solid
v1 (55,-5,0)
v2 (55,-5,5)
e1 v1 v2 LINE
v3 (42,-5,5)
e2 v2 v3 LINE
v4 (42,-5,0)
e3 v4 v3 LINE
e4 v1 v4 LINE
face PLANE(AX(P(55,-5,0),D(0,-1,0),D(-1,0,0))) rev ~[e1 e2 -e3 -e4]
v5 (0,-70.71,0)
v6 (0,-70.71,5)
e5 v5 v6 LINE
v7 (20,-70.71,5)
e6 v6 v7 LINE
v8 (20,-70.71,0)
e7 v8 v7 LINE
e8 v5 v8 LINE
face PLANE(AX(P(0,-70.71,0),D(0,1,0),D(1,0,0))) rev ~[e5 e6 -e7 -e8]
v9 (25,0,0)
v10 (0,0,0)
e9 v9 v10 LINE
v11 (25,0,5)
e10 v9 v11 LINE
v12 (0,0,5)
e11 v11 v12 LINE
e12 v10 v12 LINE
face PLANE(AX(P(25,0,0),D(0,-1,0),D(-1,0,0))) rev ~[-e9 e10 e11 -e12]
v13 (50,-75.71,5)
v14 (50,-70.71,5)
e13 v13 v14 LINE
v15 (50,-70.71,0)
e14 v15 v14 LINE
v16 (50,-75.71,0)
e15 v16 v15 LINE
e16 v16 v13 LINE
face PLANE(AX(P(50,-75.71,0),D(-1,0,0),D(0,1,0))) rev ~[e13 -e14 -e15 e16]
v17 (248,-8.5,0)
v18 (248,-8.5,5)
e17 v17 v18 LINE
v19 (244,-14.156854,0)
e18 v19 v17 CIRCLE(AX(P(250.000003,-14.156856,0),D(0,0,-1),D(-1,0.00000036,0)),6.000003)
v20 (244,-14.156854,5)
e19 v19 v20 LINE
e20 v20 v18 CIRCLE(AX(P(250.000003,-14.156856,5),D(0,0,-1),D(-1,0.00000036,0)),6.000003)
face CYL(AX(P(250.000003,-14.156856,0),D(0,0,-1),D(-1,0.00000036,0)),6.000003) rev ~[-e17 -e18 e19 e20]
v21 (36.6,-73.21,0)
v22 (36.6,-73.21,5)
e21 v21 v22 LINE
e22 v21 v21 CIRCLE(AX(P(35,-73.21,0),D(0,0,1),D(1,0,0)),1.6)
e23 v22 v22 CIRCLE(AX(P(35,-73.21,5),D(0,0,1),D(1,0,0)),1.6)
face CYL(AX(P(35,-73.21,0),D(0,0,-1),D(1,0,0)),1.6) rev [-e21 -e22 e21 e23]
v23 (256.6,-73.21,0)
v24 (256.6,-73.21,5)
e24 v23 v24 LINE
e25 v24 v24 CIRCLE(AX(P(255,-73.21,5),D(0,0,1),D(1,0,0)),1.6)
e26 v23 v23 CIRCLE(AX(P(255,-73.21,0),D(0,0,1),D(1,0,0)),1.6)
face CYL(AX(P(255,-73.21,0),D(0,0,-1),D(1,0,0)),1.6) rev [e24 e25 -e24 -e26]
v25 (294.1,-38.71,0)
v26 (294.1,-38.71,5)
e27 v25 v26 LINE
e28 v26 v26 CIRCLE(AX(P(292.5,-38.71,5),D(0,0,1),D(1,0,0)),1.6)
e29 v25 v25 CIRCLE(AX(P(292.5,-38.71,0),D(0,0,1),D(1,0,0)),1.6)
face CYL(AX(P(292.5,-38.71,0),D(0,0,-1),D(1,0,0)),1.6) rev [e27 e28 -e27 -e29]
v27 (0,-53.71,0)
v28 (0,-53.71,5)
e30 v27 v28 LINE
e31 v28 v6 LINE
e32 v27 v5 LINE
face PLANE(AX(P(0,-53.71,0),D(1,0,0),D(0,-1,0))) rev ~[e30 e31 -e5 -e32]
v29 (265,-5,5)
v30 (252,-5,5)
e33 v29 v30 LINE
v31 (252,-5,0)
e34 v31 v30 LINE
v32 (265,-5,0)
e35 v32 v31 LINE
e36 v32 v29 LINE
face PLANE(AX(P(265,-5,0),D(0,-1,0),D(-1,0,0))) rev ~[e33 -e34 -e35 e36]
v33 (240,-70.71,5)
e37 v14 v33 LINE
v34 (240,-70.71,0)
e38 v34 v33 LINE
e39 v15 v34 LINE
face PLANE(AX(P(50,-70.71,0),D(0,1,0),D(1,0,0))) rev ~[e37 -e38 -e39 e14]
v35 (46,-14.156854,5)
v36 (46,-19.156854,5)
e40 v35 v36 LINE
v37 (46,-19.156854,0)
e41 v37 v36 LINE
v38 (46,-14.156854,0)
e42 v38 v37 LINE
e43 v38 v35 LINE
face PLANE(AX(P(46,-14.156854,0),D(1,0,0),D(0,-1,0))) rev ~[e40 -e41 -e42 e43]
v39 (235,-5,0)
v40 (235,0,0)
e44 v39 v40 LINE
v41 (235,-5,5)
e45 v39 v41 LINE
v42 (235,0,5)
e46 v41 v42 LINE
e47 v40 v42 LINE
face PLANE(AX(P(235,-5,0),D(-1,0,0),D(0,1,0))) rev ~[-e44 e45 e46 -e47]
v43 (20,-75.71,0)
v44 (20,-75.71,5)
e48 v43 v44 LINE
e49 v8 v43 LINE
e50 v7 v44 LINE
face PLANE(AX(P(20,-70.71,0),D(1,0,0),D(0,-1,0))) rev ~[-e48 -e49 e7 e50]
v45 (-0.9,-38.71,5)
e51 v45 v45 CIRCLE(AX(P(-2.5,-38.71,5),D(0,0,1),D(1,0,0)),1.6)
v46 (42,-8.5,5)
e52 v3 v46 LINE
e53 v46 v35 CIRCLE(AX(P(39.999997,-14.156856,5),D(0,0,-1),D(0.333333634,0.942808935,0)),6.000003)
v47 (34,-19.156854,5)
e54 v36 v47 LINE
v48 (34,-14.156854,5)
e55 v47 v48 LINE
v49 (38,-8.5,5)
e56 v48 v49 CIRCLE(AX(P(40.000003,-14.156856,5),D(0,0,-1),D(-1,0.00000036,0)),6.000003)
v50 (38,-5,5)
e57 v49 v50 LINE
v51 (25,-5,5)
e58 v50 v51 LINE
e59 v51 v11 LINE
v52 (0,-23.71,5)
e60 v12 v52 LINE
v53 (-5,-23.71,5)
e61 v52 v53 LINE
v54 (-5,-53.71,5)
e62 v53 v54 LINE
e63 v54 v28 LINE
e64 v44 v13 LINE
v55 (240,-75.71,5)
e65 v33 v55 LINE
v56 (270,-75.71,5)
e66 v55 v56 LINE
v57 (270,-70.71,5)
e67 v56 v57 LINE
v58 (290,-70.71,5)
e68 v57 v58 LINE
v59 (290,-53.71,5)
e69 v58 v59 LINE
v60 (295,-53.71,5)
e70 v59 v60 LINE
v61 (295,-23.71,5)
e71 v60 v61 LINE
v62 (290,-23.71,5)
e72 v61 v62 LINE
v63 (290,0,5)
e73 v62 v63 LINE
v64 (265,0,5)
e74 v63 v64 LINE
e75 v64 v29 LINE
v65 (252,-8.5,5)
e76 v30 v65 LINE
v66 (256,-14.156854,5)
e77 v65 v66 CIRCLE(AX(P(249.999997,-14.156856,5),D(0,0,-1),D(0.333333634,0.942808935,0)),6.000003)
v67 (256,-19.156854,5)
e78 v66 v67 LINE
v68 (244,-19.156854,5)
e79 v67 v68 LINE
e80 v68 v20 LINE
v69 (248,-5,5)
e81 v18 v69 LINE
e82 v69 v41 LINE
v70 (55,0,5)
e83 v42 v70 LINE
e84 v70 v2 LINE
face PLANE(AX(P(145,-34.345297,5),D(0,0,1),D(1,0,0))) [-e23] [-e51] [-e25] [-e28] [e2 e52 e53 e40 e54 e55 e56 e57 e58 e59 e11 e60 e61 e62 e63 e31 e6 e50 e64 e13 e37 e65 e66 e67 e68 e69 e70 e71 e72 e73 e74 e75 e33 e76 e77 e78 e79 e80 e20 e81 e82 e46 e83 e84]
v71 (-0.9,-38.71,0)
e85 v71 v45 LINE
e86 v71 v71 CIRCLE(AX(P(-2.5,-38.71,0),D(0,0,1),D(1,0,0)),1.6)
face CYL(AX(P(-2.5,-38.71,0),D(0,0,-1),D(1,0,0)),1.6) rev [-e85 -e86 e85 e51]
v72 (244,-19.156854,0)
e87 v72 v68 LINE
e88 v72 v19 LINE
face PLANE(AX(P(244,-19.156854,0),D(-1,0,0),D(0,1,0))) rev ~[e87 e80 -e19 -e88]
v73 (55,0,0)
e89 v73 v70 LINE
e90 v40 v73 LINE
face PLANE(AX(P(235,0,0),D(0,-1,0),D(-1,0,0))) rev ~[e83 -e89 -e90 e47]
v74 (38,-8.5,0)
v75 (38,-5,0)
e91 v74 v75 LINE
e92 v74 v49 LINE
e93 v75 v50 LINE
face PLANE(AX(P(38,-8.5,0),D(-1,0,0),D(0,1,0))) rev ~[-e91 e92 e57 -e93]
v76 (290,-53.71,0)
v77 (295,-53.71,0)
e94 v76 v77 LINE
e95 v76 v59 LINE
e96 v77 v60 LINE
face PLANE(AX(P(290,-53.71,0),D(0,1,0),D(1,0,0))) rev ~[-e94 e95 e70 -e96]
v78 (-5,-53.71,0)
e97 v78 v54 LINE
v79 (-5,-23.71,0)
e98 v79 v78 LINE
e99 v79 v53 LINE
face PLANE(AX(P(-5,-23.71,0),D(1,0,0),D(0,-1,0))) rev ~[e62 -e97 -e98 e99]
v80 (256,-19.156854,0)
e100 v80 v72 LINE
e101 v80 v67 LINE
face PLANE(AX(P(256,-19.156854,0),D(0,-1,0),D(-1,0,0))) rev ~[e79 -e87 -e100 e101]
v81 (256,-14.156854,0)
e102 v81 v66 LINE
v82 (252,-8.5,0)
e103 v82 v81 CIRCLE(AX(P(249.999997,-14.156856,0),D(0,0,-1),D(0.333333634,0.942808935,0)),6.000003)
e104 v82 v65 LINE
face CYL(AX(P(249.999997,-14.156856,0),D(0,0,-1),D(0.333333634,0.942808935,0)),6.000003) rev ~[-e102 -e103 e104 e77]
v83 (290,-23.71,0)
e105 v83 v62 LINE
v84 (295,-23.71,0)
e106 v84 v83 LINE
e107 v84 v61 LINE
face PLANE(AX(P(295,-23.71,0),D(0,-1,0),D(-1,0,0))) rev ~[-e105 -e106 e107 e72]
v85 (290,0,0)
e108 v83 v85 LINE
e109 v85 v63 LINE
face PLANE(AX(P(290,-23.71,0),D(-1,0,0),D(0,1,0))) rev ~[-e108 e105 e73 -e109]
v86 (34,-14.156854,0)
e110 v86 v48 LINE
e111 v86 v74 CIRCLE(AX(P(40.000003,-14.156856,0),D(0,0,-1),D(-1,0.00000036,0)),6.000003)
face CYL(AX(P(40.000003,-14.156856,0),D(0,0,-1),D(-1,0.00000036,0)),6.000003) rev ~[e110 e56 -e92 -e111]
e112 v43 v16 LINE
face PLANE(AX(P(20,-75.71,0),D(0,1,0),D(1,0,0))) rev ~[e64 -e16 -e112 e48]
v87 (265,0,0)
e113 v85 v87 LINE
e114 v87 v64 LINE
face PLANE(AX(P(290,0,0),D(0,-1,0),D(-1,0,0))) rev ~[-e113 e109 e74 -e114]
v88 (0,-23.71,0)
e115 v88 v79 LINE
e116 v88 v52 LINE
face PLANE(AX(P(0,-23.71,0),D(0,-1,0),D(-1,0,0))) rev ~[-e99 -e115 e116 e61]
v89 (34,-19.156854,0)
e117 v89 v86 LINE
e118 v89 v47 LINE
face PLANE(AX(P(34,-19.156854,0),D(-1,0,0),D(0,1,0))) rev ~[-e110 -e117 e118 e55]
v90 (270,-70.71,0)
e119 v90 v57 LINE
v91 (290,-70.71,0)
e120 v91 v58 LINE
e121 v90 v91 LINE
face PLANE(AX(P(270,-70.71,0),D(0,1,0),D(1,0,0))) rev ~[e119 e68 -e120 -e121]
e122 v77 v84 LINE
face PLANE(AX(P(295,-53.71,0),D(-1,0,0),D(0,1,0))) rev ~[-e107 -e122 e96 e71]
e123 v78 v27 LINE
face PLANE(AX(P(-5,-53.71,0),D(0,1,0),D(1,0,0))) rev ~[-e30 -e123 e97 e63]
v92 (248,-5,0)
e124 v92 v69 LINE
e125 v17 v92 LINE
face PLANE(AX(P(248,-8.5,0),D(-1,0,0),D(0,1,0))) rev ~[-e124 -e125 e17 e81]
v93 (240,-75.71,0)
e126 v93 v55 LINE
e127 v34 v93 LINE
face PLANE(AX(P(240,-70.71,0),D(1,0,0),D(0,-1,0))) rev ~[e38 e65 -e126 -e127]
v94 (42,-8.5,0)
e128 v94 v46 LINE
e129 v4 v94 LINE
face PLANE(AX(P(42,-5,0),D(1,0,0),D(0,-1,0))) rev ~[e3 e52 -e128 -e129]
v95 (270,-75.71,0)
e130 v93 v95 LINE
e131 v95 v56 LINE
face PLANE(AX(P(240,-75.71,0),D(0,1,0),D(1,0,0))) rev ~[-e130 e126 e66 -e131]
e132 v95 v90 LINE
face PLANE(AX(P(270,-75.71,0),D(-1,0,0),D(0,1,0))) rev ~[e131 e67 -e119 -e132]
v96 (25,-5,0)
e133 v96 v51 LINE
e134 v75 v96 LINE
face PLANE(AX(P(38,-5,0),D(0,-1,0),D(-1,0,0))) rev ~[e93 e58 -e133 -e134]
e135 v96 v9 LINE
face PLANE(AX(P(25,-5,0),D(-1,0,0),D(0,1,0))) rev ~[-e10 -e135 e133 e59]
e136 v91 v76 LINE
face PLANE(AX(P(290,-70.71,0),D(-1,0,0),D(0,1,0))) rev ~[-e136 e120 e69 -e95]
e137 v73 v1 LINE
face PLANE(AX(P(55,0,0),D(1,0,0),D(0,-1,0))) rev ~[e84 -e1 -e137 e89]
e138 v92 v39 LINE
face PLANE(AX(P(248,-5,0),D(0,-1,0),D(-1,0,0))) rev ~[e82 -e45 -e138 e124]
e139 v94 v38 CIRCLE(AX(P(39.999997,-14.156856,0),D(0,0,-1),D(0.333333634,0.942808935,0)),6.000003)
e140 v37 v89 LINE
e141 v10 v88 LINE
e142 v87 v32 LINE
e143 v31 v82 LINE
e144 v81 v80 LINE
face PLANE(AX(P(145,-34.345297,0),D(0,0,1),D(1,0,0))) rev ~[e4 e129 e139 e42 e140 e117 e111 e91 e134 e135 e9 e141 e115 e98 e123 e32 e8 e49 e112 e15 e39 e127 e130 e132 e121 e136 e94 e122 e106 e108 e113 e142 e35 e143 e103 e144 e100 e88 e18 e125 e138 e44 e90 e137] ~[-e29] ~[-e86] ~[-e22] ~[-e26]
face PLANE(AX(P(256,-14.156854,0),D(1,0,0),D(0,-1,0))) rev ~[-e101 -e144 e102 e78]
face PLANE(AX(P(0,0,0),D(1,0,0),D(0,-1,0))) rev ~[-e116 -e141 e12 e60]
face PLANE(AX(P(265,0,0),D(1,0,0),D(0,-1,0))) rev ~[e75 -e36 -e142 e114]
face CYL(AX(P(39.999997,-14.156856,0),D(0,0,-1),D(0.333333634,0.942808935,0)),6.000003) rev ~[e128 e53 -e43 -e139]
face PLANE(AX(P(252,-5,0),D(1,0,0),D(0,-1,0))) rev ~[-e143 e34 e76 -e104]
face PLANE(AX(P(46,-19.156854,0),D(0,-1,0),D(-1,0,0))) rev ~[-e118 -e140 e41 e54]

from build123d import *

# Parameters (mm, degrees)
F0_R     = 1.6
F1_DEPTH = 5


with BuildPart() as f1:
    # F0 (on Top) → F1 (new body)
    with BuildSketch(Plane.XY):
        with BuildLine():
            Line((25, 0), (0, 0))
            Line((0, 0), (0, -23.71))
            Line((0, -23.71), (-5, -23.71))
            Line((-5, -23.71), (-5, -53.71))
            Line((-5, -53.71), (0, -53.71))
            Line((0, -53.71), (0, -70.71))
            Line((0, -70.71), (20, -70.71))
            Line((20, -70.71), (20, -75.71))
            Line((20, -75.71), (50, -75.71))
            Line((50, -75.71), (50, -70.71))
            Line((50, -70.71), (240, -70.71))
            Line((240, -70.71), (240, -75.71))
            Line((240, -75.71), (270, -75.71))
            Line((270, -75.71), (270, -70.71))
            Line((270, -70.71), (290, -70.71))
            Line((290, -70.71), (290, -53.71))
            Line((290, -53.71), (295, -53.71))
            Line((295, -53.71), (295, -23.71))
            Line((295, -23.71), (290, -23.71))
            Line((290, -23.71), (290, 0))
            Line((290, 0), (265, 0))
            Line((265, 0), (265, -5))
            Line((265, -5), (252, -5))
            Line((252, -5), (252, -8.5))
            ThreePointArc((252, -8.5), (254.898979, -10.692753), (256, -14.156854))
            Line((256, -14.156854), (256, -19.156854))
            Line((256, -19.156854), (244, -19.156854))
            Line((244, -19.156854), (244, -14.156854))
            ThreePointArc((244, -14.156854), (245.101021, -10.692753), (248, -8.5))
            Line((248, -8.5), (248, -5))
            Line((248, -5), (235, -5))
            Line((235, -5), (235, 0))
            Line((235, 0), (55, 0))
            Line((55, 0), (55, -5))
            Line((55, -5), (42, -5))
            Line((42, -5), (42, -8.5))
            ThreePointArc((42, -8.5), (44.898979, -10.692753), (46, -14.156854))
            Line((46, -14.156854), (46, -19.156854))
            Line((46, -19.156854), (34, -19.156854))
            Line((34, -19.156854), (34, -14.156854))
            ThreePointArc((34, -14.156854), (35.101021, -10.692753), (38, -8.5))
            Line((38, -8.5), (38, -5))
            Line((38, -5), (25, -5))
            Line((25, -5), (25, 0))
        make_face()
        with Locations((35, -73.21)):
            Circle(F0_R, mode=Mode.SUBTRACT)
        with Locations((-2.5, -38.71)):
            Circle(F0_R, mode=Mode.SUBTRACT)
        with Locations((255, -73.21)):
            Circle(F0_R, mode=Mode.SUBTRACT)
        with Locations((292.5, -38.71)):
            Circle(F0_R, mode=Mode.SUBTRACT)
    extrude(amount=F1_DEPTH)


solid = f1.part
